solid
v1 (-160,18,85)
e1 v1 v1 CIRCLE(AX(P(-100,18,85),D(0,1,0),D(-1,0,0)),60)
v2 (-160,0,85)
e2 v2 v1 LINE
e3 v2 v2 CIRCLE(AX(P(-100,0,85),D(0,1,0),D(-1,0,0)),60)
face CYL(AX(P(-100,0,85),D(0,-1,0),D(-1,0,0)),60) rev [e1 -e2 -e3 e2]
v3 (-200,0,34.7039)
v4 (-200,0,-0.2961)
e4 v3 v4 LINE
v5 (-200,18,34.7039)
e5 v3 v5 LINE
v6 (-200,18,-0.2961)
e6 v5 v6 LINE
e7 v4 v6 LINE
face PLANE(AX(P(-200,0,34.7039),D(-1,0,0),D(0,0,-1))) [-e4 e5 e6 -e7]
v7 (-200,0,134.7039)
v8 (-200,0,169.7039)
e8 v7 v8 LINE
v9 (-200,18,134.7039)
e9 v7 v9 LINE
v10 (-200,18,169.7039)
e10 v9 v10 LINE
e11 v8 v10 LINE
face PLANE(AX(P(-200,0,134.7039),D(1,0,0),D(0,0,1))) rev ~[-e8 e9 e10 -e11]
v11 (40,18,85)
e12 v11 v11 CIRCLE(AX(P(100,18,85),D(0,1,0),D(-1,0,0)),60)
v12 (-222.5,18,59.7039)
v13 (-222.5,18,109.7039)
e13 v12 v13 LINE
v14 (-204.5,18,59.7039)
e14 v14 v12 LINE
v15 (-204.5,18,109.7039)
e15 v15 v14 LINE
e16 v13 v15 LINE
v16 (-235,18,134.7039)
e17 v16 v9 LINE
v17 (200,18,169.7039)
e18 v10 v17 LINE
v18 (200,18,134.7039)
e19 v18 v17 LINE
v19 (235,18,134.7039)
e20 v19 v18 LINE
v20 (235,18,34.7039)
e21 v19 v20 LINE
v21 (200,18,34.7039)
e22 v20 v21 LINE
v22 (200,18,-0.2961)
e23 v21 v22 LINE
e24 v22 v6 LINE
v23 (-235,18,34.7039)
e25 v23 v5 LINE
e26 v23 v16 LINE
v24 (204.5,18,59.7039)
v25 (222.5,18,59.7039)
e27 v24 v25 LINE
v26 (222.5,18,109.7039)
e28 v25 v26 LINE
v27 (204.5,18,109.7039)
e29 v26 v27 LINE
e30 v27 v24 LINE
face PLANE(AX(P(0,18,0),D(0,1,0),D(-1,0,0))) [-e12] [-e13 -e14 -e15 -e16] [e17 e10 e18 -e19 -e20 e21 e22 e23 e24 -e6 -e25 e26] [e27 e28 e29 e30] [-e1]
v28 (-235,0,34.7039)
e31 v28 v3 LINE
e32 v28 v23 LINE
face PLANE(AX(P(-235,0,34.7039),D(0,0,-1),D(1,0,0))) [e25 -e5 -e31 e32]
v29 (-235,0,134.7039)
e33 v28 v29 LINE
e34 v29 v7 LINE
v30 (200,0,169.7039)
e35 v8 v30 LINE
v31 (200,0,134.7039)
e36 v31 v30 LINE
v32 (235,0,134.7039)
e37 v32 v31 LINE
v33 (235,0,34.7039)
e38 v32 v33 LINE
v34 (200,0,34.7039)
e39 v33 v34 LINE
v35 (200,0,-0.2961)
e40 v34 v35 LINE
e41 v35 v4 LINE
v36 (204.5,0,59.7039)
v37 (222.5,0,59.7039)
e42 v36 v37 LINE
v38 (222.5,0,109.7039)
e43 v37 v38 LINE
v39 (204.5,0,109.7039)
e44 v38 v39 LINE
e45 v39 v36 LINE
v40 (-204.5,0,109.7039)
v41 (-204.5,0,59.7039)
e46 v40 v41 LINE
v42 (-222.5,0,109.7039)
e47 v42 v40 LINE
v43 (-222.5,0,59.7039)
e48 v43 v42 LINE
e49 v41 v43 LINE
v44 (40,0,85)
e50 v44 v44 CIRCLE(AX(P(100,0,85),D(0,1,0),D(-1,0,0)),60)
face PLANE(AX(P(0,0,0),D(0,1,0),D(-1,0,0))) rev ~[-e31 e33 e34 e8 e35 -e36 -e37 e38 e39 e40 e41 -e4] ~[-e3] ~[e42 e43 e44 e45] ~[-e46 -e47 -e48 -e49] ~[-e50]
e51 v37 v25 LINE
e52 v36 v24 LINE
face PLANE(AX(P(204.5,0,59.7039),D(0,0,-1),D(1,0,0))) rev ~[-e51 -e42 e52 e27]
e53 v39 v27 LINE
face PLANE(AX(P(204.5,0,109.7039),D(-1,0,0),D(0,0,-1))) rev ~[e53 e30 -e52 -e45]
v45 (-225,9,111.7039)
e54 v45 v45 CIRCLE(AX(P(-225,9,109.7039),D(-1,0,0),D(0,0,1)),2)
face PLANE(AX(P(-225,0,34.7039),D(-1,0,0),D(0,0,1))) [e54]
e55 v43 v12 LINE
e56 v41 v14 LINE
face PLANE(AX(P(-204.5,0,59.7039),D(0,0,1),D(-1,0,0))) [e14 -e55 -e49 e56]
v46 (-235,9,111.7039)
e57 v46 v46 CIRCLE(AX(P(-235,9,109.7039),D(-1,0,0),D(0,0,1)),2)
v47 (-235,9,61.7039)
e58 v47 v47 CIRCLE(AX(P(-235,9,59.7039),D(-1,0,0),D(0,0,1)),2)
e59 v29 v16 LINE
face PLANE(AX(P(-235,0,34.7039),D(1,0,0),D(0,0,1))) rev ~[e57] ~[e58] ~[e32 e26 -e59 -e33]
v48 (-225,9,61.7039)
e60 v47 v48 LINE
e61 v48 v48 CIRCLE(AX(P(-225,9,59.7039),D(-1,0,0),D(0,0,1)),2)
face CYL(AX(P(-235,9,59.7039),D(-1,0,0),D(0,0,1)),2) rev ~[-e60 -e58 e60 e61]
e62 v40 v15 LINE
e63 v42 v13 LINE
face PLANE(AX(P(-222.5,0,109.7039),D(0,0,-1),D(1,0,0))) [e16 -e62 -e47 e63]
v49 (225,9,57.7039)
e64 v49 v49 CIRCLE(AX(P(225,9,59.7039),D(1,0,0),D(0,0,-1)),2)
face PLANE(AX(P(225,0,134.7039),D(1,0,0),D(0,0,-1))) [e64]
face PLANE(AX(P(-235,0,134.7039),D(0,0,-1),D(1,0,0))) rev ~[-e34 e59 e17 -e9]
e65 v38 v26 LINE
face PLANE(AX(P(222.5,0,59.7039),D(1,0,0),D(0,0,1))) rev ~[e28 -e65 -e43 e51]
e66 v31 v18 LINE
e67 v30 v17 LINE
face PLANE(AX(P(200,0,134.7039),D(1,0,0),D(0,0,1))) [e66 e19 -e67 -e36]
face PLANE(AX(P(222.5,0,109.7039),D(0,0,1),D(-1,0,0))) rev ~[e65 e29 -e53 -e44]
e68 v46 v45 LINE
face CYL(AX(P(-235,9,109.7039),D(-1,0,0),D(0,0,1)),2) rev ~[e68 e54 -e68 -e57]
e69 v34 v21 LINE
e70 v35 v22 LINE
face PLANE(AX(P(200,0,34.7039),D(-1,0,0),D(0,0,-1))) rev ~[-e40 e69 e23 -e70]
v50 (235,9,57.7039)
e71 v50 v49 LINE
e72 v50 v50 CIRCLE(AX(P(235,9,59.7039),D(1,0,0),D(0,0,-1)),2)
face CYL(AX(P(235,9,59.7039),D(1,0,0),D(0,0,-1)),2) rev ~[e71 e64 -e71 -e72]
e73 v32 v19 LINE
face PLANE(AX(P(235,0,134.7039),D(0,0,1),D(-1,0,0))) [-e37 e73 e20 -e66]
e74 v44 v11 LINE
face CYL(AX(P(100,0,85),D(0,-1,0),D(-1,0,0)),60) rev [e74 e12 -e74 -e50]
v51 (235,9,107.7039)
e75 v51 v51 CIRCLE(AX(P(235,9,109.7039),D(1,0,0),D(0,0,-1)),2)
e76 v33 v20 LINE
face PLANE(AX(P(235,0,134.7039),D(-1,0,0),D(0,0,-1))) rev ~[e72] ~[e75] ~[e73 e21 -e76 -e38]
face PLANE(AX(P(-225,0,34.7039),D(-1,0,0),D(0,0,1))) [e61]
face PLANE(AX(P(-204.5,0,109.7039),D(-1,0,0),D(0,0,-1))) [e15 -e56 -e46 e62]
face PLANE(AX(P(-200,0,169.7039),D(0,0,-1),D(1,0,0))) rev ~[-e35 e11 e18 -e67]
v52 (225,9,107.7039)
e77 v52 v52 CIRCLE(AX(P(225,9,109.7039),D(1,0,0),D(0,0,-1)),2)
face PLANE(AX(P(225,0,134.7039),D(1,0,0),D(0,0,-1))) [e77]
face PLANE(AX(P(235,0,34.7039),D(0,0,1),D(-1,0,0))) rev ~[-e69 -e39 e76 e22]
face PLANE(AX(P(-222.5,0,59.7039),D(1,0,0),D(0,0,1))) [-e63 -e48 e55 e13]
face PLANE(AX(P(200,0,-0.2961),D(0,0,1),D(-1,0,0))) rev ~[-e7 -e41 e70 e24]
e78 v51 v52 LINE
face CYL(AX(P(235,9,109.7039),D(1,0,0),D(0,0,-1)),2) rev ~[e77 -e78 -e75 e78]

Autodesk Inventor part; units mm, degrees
ref_plane "YZ Plane" through (0, 0, 0) normal (1, 0, 0) x (0, 1, 0)
ref_plane "XZ Plane" through (0, 0, 0) normal (0, 1, 0) x (-1, 0, 0)
ref_plane "XY Plane" through (0, 0, 0) normal (0, 0, 1) x (1, 0, 0)
sketch "Boceto1" plane through (0, 0, 0) normal (0, 1, 0) x (-1, 0, 0)
  line L0 (200, 169.7039) -> (-200, 169.7039)
  line L1 (-235, 134.7039) -> (-235, 34.7039)
  line L2 (-200, -0.2961) -> (200, -0.2961)
  line L3 (235, 34.7039) -> (235, 134.7039)
  circle A0 centre (100, 85) radius 60
  line L4 (222.5, 109.7039) -> (204.5, 109.7039)
  line L5 (204.5, 109.7039) -> (204.5, 59.7039)
  line L6 (204.5, 59.7039) -> (222.5, 59.7039)
  line L7 (222.5, 59.7039) -> (222.5, 109.7039)
  line L8 (235, 134.7039) -> (200, 134.7039)
  line L9 (200, 134.7039) -> (200, 169.7039)
  line L10 (235, 34.7039) -> (200, 34.7039)
  line L11 (200, 34.7039) -> (200, -0.2961)
  line L12 (-235, 34.7039) -> (-235, 134.7039)
  circle A1 centre (-100, 85) radius 60
  line L13 (-222.5, 109.7039) -> (-204.5, 109.7039)
  line L14 (-204.5, 109.7039) -> (-204.5, 59.7039)
  line L15 (-204.5, 59.7039) -> (-222.5, 59.7039)
  line L16 (-222.5, 59.7039) -> (-222.5, 109.7039)
  line L17 (-235, 134.7039) -> (-200, 134.7039)
  line L18 (-200, 134.7039) -> (-200, 169.7039)
  line L19 (-235, 34.7039) -> (-200, 34.7039)
  line L20 (-200, 34.7039) -> (-200, -0.2961)
  point P0 (0, 0)
  point P1 (235, 84.7039)
  point P2 (217.5, 134.7039)
  point P3 (-235, 84.7039)
  point P4 (-217.5, 134.7039)
  dimension "d4" = 120
  dimension "d5" = 18
  dimension "d6" = 35
  dimension "d7" = 35
  dimension "d8" = 35
  dimension "d9" = 50
  dimension "d10" = 25
  dimension "d11" = 12.5
  dimension "d12" = 100
  dimension "d15" = 470
  dimension "d16" = 12.5
  dimension "d17" = 18
extrude "Extrusión1" add sketch "Boceto1" along normal blind 18
sketch "Boceto2" plane through (235, 0, 134.7039) normal (1, 0, 0) x (0, 0, -1)
  circle A0 centre (75, 9) radius 2
  circle A1 centre (25, 9) radius 2
  line L0 (0, 0) -> (100, 0) projected
  line L1 (0, 0) -> (0, 18) projected
  point P0 (134.7039, 0)
  dimension "d18" = 4
  dimension "d19" = 4
  dimension "d20" = 9
  dimension "d21" = 9
  dimension "d22" = 25
  dimension "d23" = 50
extrude "Extrusión2" cut sketch "Boceto2" against normal blind 10
sketch "Boceto3" plane through (-235, 0, 34.7039) normal (-1, 0, 0) x (0, 0, 1)
  circle A0 centre (25, 9) radius 2 projected
  circle A1 centre (25, 9) radius 2
  circle A2 centre (75, 9) radius 2 projected
  circle A3 centre (75, 9) radius 2
  point P0 (-34.7039, 0)
  dimension "d26" = 4
  dimension "d27" = 4
extrude "Extrusión3" cut sketch "Boceto3" against normal blind 10
properties part number "APM_001-2"
